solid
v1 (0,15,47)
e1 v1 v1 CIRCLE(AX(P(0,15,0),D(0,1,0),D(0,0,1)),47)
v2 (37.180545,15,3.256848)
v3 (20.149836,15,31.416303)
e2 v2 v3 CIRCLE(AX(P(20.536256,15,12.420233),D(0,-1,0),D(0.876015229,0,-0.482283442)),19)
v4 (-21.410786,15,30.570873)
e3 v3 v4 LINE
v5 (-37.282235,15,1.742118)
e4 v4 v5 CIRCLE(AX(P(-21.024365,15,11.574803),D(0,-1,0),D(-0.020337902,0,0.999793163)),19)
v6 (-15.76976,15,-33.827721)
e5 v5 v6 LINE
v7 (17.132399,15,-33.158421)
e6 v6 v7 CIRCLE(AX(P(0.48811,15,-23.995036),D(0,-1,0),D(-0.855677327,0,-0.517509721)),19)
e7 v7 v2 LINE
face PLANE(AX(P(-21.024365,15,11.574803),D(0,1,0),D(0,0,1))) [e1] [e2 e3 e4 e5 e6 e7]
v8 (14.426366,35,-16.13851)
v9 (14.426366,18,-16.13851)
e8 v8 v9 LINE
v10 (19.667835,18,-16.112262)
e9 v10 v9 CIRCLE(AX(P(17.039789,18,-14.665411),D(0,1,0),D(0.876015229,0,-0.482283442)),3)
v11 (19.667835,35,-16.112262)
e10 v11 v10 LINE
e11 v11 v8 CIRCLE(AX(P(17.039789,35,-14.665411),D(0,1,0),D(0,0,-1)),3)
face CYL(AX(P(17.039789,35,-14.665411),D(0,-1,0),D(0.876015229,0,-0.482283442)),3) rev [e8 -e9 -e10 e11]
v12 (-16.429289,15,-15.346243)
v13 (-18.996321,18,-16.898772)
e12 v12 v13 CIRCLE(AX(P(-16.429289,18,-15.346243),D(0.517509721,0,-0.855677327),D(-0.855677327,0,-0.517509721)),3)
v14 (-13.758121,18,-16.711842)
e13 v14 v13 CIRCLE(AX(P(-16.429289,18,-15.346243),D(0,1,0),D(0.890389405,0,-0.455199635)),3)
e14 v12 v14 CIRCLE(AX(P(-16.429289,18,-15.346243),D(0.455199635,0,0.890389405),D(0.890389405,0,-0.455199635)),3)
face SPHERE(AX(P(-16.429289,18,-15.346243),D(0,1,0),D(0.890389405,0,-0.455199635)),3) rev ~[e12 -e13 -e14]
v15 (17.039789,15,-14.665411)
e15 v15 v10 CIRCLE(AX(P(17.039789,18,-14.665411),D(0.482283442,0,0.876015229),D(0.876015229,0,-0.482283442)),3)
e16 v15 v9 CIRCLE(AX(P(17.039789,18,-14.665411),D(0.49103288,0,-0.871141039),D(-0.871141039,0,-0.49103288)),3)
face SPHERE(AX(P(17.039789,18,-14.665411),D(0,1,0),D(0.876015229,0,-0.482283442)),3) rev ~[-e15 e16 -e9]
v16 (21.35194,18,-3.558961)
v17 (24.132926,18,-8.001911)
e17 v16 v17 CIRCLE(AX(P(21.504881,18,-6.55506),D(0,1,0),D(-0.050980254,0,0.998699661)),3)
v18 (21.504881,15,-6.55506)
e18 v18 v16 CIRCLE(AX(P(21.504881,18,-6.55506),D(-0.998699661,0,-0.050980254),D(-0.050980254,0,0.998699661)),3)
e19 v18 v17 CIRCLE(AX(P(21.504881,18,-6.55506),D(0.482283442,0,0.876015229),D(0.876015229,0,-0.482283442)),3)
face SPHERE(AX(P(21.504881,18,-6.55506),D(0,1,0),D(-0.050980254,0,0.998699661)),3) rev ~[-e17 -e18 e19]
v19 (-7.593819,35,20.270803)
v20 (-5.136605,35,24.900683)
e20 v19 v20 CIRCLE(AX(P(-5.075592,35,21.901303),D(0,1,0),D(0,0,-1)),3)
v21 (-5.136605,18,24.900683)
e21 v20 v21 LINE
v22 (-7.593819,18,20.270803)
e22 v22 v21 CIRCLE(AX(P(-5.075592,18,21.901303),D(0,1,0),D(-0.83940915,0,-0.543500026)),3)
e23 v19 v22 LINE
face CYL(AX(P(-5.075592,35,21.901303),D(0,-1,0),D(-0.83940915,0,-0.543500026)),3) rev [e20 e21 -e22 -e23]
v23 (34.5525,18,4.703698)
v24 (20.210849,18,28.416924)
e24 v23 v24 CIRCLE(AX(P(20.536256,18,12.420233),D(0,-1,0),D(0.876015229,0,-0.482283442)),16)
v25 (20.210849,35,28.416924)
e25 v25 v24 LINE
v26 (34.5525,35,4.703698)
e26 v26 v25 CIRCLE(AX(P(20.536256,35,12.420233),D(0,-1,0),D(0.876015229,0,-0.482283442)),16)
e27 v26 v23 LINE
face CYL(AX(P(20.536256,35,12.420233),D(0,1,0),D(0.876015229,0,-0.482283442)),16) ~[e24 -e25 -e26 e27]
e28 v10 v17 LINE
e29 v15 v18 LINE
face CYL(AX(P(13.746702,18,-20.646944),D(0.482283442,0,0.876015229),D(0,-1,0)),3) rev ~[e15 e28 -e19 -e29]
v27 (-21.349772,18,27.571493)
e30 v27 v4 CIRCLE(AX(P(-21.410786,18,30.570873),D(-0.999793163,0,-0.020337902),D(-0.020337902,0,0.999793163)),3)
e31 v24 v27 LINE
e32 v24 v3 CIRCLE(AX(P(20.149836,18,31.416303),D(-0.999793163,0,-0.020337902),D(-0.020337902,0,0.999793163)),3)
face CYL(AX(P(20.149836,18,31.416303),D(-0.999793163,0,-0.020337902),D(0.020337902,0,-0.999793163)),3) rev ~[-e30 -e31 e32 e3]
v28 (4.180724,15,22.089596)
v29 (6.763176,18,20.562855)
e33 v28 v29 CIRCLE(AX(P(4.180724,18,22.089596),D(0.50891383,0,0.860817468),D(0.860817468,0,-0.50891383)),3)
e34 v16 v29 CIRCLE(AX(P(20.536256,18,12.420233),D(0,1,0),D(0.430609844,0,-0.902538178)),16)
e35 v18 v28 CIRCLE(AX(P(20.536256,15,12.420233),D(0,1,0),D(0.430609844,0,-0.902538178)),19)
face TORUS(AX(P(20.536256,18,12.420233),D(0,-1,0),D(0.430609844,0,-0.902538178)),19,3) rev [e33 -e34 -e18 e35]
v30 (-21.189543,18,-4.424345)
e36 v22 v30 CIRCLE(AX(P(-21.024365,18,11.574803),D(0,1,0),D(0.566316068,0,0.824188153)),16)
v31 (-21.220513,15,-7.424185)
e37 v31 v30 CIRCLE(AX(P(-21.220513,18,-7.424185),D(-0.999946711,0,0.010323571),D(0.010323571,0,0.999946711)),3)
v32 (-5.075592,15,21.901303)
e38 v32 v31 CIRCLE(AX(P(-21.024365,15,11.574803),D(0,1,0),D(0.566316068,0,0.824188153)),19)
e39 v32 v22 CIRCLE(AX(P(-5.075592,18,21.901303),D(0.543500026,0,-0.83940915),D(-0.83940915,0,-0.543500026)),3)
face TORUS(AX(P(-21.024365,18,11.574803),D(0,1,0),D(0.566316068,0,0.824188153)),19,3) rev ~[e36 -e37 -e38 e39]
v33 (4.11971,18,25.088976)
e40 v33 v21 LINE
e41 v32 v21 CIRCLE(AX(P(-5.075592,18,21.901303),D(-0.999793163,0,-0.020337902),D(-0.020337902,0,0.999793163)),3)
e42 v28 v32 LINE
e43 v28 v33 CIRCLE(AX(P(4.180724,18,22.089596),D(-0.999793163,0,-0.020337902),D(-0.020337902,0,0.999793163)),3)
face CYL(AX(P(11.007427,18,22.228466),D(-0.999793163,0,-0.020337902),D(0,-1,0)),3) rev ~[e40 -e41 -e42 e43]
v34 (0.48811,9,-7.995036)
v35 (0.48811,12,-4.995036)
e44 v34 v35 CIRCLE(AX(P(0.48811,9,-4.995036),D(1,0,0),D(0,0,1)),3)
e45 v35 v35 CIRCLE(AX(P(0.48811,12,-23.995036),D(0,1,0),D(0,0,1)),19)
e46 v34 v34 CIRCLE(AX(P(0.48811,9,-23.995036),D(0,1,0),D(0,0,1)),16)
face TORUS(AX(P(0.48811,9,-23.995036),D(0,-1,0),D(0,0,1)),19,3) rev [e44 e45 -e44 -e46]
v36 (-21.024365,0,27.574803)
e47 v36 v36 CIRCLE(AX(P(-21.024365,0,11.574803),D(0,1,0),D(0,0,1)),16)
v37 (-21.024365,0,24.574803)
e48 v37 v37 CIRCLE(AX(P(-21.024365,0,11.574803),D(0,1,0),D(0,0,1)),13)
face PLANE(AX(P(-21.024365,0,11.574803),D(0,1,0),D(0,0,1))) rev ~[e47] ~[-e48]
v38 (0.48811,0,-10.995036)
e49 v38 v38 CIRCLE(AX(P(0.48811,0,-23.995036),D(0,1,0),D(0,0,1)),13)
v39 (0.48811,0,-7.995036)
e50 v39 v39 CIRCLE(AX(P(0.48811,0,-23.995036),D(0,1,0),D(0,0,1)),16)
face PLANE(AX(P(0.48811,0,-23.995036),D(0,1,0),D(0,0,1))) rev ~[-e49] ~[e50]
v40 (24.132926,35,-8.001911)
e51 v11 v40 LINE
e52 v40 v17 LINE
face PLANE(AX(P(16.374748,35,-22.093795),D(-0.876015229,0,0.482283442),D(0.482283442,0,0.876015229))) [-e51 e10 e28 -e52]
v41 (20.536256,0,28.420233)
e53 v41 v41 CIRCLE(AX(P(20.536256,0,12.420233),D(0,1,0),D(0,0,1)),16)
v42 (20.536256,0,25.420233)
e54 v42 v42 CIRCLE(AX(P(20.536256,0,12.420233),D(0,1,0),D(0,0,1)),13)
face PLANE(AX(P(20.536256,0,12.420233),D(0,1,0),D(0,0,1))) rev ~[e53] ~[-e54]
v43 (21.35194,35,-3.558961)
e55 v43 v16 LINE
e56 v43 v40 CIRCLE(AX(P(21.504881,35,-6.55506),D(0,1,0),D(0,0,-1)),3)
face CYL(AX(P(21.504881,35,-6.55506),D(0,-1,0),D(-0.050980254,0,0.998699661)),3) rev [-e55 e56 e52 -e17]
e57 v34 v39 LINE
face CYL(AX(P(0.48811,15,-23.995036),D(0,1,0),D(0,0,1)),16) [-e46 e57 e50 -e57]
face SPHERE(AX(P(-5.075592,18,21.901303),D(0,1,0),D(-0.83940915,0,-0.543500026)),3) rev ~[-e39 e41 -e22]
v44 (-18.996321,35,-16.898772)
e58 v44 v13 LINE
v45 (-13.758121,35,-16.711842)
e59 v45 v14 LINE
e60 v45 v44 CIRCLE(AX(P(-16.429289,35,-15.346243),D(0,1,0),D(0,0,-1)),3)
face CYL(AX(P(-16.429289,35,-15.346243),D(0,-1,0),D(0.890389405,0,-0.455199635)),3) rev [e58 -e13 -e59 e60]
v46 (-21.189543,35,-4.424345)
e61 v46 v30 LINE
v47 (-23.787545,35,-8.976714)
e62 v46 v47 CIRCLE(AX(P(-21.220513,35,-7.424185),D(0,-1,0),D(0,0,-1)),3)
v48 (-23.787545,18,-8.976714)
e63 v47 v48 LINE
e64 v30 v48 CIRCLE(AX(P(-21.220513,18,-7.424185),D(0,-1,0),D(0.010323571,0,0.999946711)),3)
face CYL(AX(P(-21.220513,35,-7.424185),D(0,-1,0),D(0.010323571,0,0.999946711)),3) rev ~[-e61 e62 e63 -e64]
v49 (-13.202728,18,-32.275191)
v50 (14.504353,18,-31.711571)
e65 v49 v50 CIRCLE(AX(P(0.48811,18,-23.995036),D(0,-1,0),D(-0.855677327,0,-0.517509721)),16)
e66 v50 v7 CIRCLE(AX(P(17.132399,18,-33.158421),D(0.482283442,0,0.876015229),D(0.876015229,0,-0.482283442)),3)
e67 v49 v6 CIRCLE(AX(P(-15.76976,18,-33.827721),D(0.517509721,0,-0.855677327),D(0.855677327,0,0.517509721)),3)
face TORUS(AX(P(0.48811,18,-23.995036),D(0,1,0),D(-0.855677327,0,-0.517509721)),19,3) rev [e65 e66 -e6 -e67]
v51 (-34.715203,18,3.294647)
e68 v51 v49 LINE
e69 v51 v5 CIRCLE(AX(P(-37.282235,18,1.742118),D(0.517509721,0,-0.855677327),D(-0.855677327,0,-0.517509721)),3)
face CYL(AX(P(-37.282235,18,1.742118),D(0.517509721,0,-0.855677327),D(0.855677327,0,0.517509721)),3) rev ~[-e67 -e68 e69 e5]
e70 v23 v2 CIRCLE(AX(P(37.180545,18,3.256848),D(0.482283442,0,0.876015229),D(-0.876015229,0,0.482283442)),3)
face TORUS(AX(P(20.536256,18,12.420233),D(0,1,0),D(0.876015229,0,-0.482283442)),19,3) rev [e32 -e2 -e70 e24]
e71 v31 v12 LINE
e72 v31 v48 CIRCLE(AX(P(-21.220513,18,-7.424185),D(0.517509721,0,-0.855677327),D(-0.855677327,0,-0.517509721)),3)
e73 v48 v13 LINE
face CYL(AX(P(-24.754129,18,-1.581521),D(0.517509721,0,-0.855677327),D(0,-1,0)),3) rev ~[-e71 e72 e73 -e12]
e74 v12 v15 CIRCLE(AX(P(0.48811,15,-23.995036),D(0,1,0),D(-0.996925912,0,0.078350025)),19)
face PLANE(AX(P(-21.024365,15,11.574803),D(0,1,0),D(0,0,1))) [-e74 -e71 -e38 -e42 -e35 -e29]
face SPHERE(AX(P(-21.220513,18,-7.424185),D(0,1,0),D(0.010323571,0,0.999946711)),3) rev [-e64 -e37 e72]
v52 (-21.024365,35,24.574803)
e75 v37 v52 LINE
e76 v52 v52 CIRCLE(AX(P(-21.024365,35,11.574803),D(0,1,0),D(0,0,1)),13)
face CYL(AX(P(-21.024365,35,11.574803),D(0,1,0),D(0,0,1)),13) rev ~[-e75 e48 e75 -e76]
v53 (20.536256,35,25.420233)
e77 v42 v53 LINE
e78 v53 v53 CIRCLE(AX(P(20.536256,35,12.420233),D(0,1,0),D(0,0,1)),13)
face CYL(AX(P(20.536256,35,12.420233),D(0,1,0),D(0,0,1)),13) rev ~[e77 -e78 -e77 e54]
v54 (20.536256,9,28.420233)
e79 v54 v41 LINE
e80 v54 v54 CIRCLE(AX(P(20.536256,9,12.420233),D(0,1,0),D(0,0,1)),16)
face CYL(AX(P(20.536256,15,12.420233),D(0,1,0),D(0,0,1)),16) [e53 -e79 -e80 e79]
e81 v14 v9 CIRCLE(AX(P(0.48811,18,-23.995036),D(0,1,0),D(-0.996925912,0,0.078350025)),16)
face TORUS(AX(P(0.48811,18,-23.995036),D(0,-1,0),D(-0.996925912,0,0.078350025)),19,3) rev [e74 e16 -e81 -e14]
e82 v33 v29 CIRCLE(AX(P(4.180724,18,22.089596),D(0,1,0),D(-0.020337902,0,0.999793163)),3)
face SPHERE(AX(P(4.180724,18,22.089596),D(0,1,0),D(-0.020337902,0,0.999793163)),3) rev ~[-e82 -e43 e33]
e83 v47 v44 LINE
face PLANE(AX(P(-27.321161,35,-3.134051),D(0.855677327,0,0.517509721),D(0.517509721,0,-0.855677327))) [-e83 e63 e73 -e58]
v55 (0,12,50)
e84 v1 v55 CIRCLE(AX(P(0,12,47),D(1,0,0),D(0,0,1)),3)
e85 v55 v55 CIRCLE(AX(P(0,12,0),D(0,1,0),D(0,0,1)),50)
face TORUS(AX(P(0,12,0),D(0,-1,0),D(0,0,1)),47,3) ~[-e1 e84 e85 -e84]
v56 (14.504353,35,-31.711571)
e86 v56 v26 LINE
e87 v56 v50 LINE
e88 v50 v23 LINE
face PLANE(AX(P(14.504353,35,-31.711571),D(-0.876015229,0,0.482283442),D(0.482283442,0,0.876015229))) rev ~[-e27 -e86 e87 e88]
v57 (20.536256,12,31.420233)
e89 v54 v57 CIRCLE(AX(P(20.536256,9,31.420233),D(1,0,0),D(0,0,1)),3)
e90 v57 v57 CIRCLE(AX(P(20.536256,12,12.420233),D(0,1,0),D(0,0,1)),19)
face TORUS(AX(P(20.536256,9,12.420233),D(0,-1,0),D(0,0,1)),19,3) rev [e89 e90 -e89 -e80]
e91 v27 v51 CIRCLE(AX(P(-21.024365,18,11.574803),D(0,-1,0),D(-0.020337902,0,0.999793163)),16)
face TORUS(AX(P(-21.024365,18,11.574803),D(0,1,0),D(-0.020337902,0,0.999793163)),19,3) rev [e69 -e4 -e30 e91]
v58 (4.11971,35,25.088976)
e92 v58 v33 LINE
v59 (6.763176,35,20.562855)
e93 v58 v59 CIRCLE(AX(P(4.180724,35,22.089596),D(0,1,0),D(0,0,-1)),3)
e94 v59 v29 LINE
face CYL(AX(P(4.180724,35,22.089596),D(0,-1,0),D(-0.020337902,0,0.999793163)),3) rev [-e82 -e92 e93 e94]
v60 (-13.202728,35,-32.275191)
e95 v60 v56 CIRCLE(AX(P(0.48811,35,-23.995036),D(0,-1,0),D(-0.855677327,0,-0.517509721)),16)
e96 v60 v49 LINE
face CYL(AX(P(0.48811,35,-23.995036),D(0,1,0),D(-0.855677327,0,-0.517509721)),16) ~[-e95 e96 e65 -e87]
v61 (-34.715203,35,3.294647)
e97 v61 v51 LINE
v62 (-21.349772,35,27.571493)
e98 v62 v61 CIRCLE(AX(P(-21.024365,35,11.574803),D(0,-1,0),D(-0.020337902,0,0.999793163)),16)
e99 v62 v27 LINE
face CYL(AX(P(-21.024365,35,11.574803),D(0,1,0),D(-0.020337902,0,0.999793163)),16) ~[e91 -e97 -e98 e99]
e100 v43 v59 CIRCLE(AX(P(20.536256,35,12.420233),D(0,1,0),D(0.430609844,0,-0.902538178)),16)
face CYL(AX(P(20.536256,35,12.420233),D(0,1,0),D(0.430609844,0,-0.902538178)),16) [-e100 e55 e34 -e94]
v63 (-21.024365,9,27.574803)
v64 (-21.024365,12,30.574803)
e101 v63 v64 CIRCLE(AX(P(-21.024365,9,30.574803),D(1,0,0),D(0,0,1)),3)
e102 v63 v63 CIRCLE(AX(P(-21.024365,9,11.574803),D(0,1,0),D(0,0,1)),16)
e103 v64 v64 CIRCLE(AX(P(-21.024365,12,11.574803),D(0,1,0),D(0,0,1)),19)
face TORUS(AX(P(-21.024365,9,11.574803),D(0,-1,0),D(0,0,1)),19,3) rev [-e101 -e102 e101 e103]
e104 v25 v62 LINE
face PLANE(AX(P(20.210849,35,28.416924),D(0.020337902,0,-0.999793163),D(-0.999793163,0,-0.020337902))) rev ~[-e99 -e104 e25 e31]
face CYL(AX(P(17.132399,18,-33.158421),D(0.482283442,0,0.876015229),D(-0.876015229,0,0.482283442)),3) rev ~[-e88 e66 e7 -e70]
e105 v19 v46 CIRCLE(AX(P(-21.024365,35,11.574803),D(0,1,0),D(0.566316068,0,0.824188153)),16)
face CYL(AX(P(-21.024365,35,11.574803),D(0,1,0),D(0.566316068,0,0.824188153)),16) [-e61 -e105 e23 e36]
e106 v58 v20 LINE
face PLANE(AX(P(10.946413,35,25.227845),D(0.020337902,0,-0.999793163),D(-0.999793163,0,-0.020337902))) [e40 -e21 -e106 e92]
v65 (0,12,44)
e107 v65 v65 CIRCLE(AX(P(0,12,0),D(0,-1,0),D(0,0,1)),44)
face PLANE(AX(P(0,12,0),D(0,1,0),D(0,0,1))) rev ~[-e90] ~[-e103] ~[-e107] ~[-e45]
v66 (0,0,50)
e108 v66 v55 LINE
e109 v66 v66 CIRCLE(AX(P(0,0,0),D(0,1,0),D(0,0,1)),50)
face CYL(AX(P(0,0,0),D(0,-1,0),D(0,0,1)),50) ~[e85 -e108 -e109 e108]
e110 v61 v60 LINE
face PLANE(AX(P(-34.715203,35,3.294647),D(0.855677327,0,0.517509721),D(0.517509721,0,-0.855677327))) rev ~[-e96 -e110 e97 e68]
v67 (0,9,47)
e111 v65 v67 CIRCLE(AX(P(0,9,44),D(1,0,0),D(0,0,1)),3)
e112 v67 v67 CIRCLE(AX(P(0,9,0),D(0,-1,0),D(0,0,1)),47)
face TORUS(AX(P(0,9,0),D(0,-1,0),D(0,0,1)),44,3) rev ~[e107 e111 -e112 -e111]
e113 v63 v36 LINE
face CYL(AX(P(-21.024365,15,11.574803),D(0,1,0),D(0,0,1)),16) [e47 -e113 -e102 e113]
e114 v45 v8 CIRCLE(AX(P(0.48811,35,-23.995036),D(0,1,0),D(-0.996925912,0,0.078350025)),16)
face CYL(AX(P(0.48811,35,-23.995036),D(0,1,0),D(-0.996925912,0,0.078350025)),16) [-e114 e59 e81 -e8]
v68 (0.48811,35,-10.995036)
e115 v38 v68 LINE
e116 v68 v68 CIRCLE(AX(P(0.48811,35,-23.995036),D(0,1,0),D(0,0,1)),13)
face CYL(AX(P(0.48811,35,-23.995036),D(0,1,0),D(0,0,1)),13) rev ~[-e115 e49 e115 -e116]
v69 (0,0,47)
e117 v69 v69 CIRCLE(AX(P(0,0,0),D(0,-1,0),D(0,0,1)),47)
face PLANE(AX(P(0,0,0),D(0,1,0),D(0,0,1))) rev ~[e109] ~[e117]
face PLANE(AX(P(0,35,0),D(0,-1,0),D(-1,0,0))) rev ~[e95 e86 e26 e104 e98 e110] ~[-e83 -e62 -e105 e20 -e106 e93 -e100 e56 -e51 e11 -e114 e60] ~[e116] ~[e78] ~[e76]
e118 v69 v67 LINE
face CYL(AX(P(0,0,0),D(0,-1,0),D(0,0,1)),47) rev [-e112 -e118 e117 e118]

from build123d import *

# Parameters (mm, degrees)
SKETCH1_R           = 50
BOSS_EXTRUDE1_DEPTH = 15
SHELL1_T            = -3
SKETCH2_R           = 16
SKETCH2_R_2         = 13
BOSS_EXTRUDE2_DEPTH = 15
SKETCH3_R           = 13
CUT_EXTRUDE1_DEPTH  = 72.721684308
BOSS_EXTRUDE4_START = 20
SKETCH4_R           = 13
BOSS_EXTRUDE4_DEPTH = 20
FILLET1_R           = 3
FILLET2_R           = 3


with BuildPart() as part:
    # Sketch1 → Boss-Extrude1 (new body)
    with BuildSketch(Plane(origin=(0, 0, 0), x_dir=(1, 0, 0), z_dir=(0, 1, 0))):
        with Locations(Location((0, 0, 0), (0, 0, 270))):
            Circle(SKETCH1_R)
    extrude(amount=BOSS_EXTRUDE1_DEPTH)

    # Shell1
    shell1_openings = [part.faces().sort_by_distance(p)[0] for p in [
        (0, 0, 0),
    ]]
    offset(amount=SHELL1_T, openings=shell1_openings, kind=Kind.INTERSECTION)

    # Sketch2 → Boss-Extrude2 (add)
    # profile 1 of 3: a face of its own
    with BuildSketch(Plane(origin=(0, 15, 0), x_dir=(1, 0, 0), z_dir=(0, 1, 0))):
        with Locations(Location((-21.024365496, -11.574802612, 0), (0, 0, 270))):
            Circle(SKETCH2_R)
        with Locations(Location((-21.024365496, -11.574802612, 0), (0, 0, 270))):
            Circle(SKETCH2_R_2, mode=Mode.SUBTRACT)
    # profile 2 of 3: a face of its own
    with BuildSketch(Plane(origin=(0, 15, 0), x_dir=(1, 0, 0), z_dir=(0, 1, 0))):
        with Locations(Location((0.488109642, 23.995035924, 0), (0, 0, 270))):
            Circle(SKETCH2_R)
        with Locations(Location((0.488109642, 23.995035924, 0), (0, 0, 270))):
            Circle(SKETCH2_R_2, mode=Mode.SUBTRACT)
    # profile 3 of 3: a face of its own
    with BuildSketch(Plane(origin=(0, 15, 0), x_dir=(1, 0, 0), z_dir=(0, 1, 0))):
        with Locations(Location((20.536255854, -12.420233312, 0), (0, 0, 270))):
            Circle(SKETCH2_R)
        with Locations(Location((20.536255854, -12.420233312, 0), (0, 0, 270))):
            Circle(SKETCH2_R_2, mode=Mode.SUBTRACT)
    extrude(amount=-BOSS_EXTRUDE2_DEPTH)

    # Sketch3 → Cut-Extrude1 (cut, through all)
    with BuildSketch(Plane.XZ.offset(-12)):
        with Locations(Location((-21.024365496, 11.574802612, 0), (0, 0, 90))):
            Circle(SKETCH3_R)
        with Locations(Location((20.536255854, 12.420233312, 0), (0, 0, 90))):
            Circle(SKETCH3_R)
        with Locations(Location((0.488109642, -23.995035924, 0), (0, 0, 90))):
            Circle(SKETCH3_R)
    extrude(amount=-CUT_EXTRUDE1_DEPTH, mode=Mode.SUBTRACT)

    # Sketch4 → Boss-Extrude4 (add)
    with BuildSketch(Plane(origin=(0, 15, 0), x_dir=(1, 0, 0), z_dir=(0, 1, 0)).offset(BOSS_EXTRUDE4_START)):
        with BuildLine():
            Line((-34.715202731, -3.294647071), (-13.202727594, 32.275191465))
            ThreePointArc((-13.202727594, 32.275191465), (0.81351607, 39.991726539), (14.504353306, 31.711570998))
            Line((14.504353306, 31.711570998), (34.552499517, -4.703698237))
            ThreePointArc((34.552499517, -4.703698237), (34.227093089, -20.700388853), (20.210849425, -28.416923927))
            Line((20.210849425, -28.416923927), (-21.349771924, -27.571493228))
            ThreePointArc((-21.349771924, -27.571493228), (-35.040609159, -19.291337687), (-34.715202731, -3.294647071))
        make_face()
        with Locations(Location((20.536255854, -12.420233312, 0), (0, 0, 270))):
            Circle(SKETCH4_R, mode=Mode.SUBTRACT)
        with Locations(Location((0.488109642, 23.995035924, 0), (0, 0, 270))):
            Circle(SKETCH4_R, mode=Mode.SUBTRACT)
        with Locations(Location((-21.024365496, -11.574802612, 0), (0, 0, 270))):
            Circle(SKETCH4_R, mode=Mode.SUBTRACT)
        with BuildLine():
            Line((-27.321161415, 3.134050543), (-15.462704946, 22.741435523))
            ThreePointArc((-15.462704946, 22.741435523), (0.162703214, 7.998345308), (16.374748095, 22.093794575))
            Line((16.374748095, 22.093794575), (27.426013354, 2.020377533))
            ThreePointArc((27.426013354, 2.020377533), (6.845418618, -4.140077771), (10.94641332, -25.227845118))
            Line((10.94641332, -25.227845118), (-11.963308408, -24.761813056))
            ThreePointArc((-11.963308408, -24.761813056), (-7.008121832, -3.858267537), (-27.321161415, 3.134050543))
        make_face(mode=Mode.SUBTRACT)
    extrude(amount=-BOSS_EXTRUDE4_DEPTH)

    # Fillet1
    fillet1_edges = [part.edges().sort_by_distance(p)[0] for p in [
        (-7.008121832, 15, 3.858267537),
        (-0.508447544, 15, 24.994829087),
        (6.845418618, 15, 4.140077771),
        (21.900380725, 15, -12.057086054),
        (0.162703214, 15, -7.998345308),
        (-21.391933181, 15, -12.937743033),
        (-11.963308408, 25, 24.761813056),
        (10.94641332, 25, 25.227845118),
        (27.426013354, 25, -2.020377533),
        (16.374748095, 25, -22.093794575),
        (-15.462704946, 25, -22.741435523),
        (-27.321161415, 25, -3.134050543),
    ]]
    fillet(fillet1_edges, radius=FILLET1_R)

    # Fillet2
    fillet2_edges = [part.edges().sort_by_distance(p)[0] for p in [
        (-21.024365496, 12, -4.425197388),
        (0.488109642, 12, -39.995035924),
        (20.536255854, 12, -3.579766688),
        (0, 15, -50),
        (-35.040609159, 15, 19.291337687),
        (-0.569461249, 15, 27.994208578),
        (34.227093089, 15, 20.700388853),
        (24.528426412, 15, -13.503936381),
        (0.81351607, 15, -39.991726539),
        (-23.958965162, 15, -14.490272197),
        (0, 12, -47),
    ]]
    fillet(fillet2_edges, radius=FILLET2_R)


solid = part.part
